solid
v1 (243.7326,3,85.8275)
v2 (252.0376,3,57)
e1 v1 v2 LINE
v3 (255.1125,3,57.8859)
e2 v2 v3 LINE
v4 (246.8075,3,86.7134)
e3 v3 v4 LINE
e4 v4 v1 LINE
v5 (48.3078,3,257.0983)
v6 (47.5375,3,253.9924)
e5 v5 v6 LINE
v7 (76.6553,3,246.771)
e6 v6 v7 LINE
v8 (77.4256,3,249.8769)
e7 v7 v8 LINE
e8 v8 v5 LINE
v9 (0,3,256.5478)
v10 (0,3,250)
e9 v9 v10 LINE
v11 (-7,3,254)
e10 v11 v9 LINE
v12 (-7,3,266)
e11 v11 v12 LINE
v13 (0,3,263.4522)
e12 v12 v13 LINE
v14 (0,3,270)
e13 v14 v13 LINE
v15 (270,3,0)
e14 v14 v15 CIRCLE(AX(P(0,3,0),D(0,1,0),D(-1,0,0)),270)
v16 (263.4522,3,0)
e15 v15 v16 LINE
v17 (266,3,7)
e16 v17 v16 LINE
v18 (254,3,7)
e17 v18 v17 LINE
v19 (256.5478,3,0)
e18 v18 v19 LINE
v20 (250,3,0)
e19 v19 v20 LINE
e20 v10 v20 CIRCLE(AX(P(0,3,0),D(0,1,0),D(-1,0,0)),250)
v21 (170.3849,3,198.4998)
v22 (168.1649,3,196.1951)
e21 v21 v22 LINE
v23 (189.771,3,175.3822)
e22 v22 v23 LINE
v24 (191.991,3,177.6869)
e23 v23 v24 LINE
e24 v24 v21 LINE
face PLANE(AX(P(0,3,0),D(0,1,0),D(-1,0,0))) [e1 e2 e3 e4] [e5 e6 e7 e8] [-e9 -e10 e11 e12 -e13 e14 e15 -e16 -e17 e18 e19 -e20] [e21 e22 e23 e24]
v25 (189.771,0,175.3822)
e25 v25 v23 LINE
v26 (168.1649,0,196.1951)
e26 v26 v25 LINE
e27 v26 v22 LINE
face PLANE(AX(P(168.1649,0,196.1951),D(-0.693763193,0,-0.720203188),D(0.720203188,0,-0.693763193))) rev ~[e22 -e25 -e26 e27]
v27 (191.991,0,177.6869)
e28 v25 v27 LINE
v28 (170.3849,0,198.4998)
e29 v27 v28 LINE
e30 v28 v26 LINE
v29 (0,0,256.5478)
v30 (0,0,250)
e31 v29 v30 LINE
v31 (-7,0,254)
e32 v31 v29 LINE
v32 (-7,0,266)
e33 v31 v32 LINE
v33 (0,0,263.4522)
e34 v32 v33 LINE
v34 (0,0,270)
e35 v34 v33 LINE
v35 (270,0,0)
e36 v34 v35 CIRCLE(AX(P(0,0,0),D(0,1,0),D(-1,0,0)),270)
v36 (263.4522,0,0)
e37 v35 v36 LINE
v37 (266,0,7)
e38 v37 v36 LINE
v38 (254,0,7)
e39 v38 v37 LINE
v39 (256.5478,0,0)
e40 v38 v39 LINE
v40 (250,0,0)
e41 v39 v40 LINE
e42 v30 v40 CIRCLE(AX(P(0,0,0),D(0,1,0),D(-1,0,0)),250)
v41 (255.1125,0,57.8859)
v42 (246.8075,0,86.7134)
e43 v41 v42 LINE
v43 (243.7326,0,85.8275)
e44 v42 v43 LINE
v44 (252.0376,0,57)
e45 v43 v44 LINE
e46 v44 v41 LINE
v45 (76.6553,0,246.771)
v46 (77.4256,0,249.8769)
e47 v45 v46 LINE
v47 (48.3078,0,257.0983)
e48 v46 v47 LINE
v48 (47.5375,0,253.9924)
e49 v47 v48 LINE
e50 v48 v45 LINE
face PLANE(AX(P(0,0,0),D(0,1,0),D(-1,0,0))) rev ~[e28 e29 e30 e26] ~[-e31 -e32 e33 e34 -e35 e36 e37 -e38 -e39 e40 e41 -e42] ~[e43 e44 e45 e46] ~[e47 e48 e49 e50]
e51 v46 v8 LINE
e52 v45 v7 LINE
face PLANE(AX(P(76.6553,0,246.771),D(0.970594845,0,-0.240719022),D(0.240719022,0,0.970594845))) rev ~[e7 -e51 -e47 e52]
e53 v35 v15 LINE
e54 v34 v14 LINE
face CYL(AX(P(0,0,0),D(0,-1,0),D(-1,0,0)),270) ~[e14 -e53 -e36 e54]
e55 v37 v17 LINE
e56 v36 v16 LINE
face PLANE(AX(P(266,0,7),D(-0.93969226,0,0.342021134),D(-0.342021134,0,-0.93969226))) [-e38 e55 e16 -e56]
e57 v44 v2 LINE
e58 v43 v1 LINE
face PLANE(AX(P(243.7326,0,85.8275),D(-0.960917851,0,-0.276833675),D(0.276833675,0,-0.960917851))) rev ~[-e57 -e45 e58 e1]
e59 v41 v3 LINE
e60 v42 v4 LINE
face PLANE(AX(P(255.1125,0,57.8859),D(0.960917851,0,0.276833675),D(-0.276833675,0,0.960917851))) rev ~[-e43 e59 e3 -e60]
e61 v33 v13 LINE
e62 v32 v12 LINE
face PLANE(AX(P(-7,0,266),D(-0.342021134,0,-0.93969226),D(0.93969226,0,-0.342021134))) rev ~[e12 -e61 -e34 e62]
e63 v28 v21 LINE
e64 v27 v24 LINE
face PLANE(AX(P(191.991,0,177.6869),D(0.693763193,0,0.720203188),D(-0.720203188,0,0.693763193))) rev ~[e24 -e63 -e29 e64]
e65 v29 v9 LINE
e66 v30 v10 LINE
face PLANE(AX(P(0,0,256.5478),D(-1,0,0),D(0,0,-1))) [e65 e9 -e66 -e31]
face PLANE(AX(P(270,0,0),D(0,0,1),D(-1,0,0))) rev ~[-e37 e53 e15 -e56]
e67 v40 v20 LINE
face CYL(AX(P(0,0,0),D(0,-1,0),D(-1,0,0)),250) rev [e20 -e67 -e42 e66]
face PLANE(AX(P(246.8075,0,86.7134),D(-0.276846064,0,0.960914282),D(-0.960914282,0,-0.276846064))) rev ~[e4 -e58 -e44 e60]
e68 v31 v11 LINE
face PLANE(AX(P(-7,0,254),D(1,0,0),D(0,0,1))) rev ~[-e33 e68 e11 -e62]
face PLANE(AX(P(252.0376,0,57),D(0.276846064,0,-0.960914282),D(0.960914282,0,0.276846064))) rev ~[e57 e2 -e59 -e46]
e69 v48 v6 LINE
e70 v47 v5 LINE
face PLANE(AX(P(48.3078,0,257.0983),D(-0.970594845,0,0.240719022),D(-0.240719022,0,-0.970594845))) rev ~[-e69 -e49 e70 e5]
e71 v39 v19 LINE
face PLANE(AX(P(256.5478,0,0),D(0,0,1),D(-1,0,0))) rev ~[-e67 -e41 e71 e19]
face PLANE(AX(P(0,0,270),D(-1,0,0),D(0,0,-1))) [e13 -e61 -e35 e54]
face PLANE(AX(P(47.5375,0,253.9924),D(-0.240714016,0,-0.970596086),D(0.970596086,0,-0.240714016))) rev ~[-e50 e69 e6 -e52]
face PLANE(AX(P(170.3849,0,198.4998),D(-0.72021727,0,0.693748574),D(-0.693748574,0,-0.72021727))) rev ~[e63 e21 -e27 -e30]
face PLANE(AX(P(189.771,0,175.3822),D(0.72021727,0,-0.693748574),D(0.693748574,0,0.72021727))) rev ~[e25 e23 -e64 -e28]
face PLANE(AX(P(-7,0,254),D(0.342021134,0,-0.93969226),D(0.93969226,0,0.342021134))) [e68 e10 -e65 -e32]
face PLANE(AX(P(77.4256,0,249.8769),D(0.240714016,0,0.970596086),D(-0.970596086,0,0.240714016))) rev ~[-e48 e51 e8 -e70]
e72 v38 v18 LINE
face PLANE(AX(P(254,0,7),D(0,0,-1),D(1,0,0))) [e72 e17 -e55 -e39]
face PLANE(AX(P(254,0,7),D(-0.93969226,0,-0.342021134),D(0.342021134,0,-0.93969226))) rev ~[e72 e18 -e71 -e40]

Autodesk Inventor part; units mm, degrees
ref_plane "YZ Plane" through (0, 0, 0) normal (1, 0, 0) x (0, 1, 0)
ref_plane "XZ Plane" through (0, 0, 0) normal (0, 1, 0) x (-1, 0, 0)
ref_plane "XY Plane" through (0, 0, 0) normal (0, 0, 1) x (1, 0, 0)
sketch "Sketch1" plane through (0, 0, 0) normal (0, 1, 0) x (-1, 0, 0)
  circle A0 centre (0, 0) radius 250
  circle A1 centre (0, 0) radius 270
  line L0 (270, 0) -> (250, 0)
  line L1 (-270, 0) -> (-250, 0)
  line L2 (0, 0) -> (-250, 0) construction
  line L3 (0, 250) -> (0, 0) construction
  line L4 (0, 270) -> (0, 250)
  line L5 (-250, 0) -> (-270, 0)
  line L6 (-254, 7) -> (-266, 7)
  line L7 (-266, 7) -> (-263.4522, 0)
  line L8 (-254, 7) -> (-256.5478, 0)
  line L9 (-260, 0) -> (-260, 7) construction
  line L10 (-255.1125, 57.8859) -> (-246.8075, 86.7134)
  line L11 (-246.8075, 86.7134) -> (-243.7326, 85.8275)
  line L12 (-243.7326, 85.8275) -> (-252.0376, 57)
  line L13 (-252.0376, 57) -> (-255.1125, 57.8859)
  line L14 (-255.1125, 57.8859) -> (-243.7326, 85.8275) construction
  line L15 (-246.8075, 86.7134) -> (-252.0376, 57) construction
  circle A2 centre (0, 0) radius 260 construction
  line L16 (-7, -254) -> (0, -256.5478)
  line L17 (-7, -266) -> (0, -263.4522)
  line L18 (-7, -254) -> (-7, -266)
  line L19 (254, -7) -> (256.5478, 0)
  line L20 (266, -7) -> (263.4522, 0)
  line L21 (254, -7) -> (266, -7)
  line L22 (7, 254) -> (0, 256.5478)
  line L23 (7, 266) -> (0, 263.4522)
  line L24 (7, 254) -> (7, 266)
  line L25 (-249.8769, -77.4256) -> (-257.0983, -48.3078)
  line L26 (-246.771, -76.6553) -> (-249.8769, -77.4256)
  line L27 (-253.9924, -47.5375) -> (-246.771, -76.6553)
  line L28 (-257.0983, -48.3078) -> (-253.9924, -47.5375)
  line L29 (-177.6869, -191.991) -> (-198.4998, -170.3849)
  line L30 (-175.3822, -189.771) -> (-177.6869, -191.991)
  line L31 (-196.1951, -168.1649) -> (-175.3822, -189.771)
  line L32 (-198.4998, -170.3849) -> (-196.1951, -168.1649)
  line L33 (-57.8859, -255.1125) -> (-86.7134, -246.8075)
  line L34 (-57, -252.0376) -> (-57.8859, -255.1125)
  line L35 (-85.8275, -243.7326) -> (-57, -252.0376)
  line L36 (-86.7134, -246.8075) -> (-85.8275, -243.7326)
  line L37 (77.4256, -249.8769) -> (48.3078, -257.0983)
  line L38 (76.6553, -246.771) -> (77.4256, -249.8769)
  line L39 (47.5375, -253.9924) -> (76.6553, -246.771)
  line L40 (48.3078, -257.0983) -> (47.5375, -253.9924)
  line L41 (191.991, -177.6869) -> (170.3849, -198.4998)
  line L42 (189.771, -175.3822) -> (191.991, -177.6869)
  line L43 (168.1649, -196.1951) -> (189.771, -175.3822)
  line L44 (170.3849, -198.4998) -> (168.1649, -196.1951)
  line L45 (255.1125, -57.8859) -> (246.8075, -86.7134)
  line L46 (252.0376, -57) -> (255.1125, -57.8859)
  line L47 (243.7326, -85.8275) -> (252.0376, -57)
  line L48 (246.8075, -86.7134) -> (243.7326, -85.8275)
  line L49 (249.8769, 77.4256) -> (257.0983, 48.3078)
  line L50 (246.771, 76.6553) -> (249.8769, 77.4256)
  line L51 (253.9924, 47.5375) -> (246.771, 76.6553)
  line L52 (257.0983, 48.3078) -> (253.9924, 47.5375)
  line L53 (177.6869, 191.991) -> (198.4998, 170.3849)
  line L54 (175.3822, 189.771) -> (177.6869, 191.991)
  line L55 (196.1951, 168.1649) -> (175.3822, 189.771)
  line L56 (198.4998, 170.3849) -> (196.1951, 168.1649)
  line L57 (57.8859, 255.1125) -> (86.7134, 246.8075)
  line L58 (57, 252.0376) -> (57.8859, 255.1125)
  line L59 (85.8275, 243.7326) -> (57, 252.0376)
  line L60 (86.7134, 246.8075) -> (85.8275, 243.7326)
  line L61 (-77.4256, 249.8769) -> (-48.3078, 257.0983)
  line L62 (-76.6553, 246.771) -> (-77.4256, 249.8769)
  line L63 (-47.5375, 253.9924) -> (-76.6553, 246.771)
  line L64 (-48.3078, 257.0983) -> (-47.5375, 253.9924)
  line L65 (-191.991, 177.6869) -> (-170.3849, 198.4998)
  line L66 (-189.771, 175.3822) -> (-191.991, 177.6869)
  line L67 (-168.1649, 196.1951) -> (-189.771, 175.3822)
  line L68 (-170.3849, 198.4998) -> (-168.1649, 196.1951)
  point P0 (260, 0)
  point P1 (-260, 0)
  point P2 (-249.4226, 71.8567)
  point P3 (-49.7078, 255.2041)
  point P4 (-253.5751, 57.4429)
  point P5 (-245.2701, 86.2705)
  point P6 (-7, -260)
  point P7 (260, -7)
  point P8 (7, 260)
  point P9 (-248.3239, -77.0405)
  point P10 (-255.5453, -47.9226)
  point P11 (-176.5346, -190.881)
  point P12 (-197.3475, -169.2749)
  point P13 (-57.4429, -253.5751)
  point P14 (-86.2705, -245.2701)
  point P15 (77.0405, -248.3239)
  point P16 (47.9226, -255.5453)
  point P17 (190.881, -176.5346)
  point P18 (169.2749, -197.3475)
  point P19 (253.5751, -57.4429)
  point P20 (245.2701, -86.2705)
  point P21 (248.3239, 77.0405)
  point P22 (255.5453, 47.9226)
  point P23 (176.5346, 190.881)
  point P24 (197.3475, 169.2749)
  point P25 (57.4429, 253.5751)
  point P26 (86.2705, 245.2701)
  point P27 (-77.0405, 248.3239)
  point P28 (-47.9226, 255.5453)
  point P29 (-190.881, 176.5346)
  point P30 (-169.2749, 197.3475)
  point P31 (-256.5478, 0)
  point P32 (0, 256.5478)
  point P33 (0, 263.4522)
  dimension "d0" = 500
  dimension "d1" = 540
  dimension "d4" = 90
  dimension "d5" = 7
  dimension "d6" = 70
  dimension "d8" = 12
  dimension "d13" = 3.2
  dimension "d14" = 30
  dimension "d15" = 50
  dimension "d20" = 520
  dimension "d23" = 360
  dimension "d27" = 360
extrude "Extrusion1" add sketch "Sketch1" along normal blind 3 contours A0 L1 L8 L6 L7 A1 L4 | L4 L23 L24 L22
properties part number "R50_CM_CIRCULO"
